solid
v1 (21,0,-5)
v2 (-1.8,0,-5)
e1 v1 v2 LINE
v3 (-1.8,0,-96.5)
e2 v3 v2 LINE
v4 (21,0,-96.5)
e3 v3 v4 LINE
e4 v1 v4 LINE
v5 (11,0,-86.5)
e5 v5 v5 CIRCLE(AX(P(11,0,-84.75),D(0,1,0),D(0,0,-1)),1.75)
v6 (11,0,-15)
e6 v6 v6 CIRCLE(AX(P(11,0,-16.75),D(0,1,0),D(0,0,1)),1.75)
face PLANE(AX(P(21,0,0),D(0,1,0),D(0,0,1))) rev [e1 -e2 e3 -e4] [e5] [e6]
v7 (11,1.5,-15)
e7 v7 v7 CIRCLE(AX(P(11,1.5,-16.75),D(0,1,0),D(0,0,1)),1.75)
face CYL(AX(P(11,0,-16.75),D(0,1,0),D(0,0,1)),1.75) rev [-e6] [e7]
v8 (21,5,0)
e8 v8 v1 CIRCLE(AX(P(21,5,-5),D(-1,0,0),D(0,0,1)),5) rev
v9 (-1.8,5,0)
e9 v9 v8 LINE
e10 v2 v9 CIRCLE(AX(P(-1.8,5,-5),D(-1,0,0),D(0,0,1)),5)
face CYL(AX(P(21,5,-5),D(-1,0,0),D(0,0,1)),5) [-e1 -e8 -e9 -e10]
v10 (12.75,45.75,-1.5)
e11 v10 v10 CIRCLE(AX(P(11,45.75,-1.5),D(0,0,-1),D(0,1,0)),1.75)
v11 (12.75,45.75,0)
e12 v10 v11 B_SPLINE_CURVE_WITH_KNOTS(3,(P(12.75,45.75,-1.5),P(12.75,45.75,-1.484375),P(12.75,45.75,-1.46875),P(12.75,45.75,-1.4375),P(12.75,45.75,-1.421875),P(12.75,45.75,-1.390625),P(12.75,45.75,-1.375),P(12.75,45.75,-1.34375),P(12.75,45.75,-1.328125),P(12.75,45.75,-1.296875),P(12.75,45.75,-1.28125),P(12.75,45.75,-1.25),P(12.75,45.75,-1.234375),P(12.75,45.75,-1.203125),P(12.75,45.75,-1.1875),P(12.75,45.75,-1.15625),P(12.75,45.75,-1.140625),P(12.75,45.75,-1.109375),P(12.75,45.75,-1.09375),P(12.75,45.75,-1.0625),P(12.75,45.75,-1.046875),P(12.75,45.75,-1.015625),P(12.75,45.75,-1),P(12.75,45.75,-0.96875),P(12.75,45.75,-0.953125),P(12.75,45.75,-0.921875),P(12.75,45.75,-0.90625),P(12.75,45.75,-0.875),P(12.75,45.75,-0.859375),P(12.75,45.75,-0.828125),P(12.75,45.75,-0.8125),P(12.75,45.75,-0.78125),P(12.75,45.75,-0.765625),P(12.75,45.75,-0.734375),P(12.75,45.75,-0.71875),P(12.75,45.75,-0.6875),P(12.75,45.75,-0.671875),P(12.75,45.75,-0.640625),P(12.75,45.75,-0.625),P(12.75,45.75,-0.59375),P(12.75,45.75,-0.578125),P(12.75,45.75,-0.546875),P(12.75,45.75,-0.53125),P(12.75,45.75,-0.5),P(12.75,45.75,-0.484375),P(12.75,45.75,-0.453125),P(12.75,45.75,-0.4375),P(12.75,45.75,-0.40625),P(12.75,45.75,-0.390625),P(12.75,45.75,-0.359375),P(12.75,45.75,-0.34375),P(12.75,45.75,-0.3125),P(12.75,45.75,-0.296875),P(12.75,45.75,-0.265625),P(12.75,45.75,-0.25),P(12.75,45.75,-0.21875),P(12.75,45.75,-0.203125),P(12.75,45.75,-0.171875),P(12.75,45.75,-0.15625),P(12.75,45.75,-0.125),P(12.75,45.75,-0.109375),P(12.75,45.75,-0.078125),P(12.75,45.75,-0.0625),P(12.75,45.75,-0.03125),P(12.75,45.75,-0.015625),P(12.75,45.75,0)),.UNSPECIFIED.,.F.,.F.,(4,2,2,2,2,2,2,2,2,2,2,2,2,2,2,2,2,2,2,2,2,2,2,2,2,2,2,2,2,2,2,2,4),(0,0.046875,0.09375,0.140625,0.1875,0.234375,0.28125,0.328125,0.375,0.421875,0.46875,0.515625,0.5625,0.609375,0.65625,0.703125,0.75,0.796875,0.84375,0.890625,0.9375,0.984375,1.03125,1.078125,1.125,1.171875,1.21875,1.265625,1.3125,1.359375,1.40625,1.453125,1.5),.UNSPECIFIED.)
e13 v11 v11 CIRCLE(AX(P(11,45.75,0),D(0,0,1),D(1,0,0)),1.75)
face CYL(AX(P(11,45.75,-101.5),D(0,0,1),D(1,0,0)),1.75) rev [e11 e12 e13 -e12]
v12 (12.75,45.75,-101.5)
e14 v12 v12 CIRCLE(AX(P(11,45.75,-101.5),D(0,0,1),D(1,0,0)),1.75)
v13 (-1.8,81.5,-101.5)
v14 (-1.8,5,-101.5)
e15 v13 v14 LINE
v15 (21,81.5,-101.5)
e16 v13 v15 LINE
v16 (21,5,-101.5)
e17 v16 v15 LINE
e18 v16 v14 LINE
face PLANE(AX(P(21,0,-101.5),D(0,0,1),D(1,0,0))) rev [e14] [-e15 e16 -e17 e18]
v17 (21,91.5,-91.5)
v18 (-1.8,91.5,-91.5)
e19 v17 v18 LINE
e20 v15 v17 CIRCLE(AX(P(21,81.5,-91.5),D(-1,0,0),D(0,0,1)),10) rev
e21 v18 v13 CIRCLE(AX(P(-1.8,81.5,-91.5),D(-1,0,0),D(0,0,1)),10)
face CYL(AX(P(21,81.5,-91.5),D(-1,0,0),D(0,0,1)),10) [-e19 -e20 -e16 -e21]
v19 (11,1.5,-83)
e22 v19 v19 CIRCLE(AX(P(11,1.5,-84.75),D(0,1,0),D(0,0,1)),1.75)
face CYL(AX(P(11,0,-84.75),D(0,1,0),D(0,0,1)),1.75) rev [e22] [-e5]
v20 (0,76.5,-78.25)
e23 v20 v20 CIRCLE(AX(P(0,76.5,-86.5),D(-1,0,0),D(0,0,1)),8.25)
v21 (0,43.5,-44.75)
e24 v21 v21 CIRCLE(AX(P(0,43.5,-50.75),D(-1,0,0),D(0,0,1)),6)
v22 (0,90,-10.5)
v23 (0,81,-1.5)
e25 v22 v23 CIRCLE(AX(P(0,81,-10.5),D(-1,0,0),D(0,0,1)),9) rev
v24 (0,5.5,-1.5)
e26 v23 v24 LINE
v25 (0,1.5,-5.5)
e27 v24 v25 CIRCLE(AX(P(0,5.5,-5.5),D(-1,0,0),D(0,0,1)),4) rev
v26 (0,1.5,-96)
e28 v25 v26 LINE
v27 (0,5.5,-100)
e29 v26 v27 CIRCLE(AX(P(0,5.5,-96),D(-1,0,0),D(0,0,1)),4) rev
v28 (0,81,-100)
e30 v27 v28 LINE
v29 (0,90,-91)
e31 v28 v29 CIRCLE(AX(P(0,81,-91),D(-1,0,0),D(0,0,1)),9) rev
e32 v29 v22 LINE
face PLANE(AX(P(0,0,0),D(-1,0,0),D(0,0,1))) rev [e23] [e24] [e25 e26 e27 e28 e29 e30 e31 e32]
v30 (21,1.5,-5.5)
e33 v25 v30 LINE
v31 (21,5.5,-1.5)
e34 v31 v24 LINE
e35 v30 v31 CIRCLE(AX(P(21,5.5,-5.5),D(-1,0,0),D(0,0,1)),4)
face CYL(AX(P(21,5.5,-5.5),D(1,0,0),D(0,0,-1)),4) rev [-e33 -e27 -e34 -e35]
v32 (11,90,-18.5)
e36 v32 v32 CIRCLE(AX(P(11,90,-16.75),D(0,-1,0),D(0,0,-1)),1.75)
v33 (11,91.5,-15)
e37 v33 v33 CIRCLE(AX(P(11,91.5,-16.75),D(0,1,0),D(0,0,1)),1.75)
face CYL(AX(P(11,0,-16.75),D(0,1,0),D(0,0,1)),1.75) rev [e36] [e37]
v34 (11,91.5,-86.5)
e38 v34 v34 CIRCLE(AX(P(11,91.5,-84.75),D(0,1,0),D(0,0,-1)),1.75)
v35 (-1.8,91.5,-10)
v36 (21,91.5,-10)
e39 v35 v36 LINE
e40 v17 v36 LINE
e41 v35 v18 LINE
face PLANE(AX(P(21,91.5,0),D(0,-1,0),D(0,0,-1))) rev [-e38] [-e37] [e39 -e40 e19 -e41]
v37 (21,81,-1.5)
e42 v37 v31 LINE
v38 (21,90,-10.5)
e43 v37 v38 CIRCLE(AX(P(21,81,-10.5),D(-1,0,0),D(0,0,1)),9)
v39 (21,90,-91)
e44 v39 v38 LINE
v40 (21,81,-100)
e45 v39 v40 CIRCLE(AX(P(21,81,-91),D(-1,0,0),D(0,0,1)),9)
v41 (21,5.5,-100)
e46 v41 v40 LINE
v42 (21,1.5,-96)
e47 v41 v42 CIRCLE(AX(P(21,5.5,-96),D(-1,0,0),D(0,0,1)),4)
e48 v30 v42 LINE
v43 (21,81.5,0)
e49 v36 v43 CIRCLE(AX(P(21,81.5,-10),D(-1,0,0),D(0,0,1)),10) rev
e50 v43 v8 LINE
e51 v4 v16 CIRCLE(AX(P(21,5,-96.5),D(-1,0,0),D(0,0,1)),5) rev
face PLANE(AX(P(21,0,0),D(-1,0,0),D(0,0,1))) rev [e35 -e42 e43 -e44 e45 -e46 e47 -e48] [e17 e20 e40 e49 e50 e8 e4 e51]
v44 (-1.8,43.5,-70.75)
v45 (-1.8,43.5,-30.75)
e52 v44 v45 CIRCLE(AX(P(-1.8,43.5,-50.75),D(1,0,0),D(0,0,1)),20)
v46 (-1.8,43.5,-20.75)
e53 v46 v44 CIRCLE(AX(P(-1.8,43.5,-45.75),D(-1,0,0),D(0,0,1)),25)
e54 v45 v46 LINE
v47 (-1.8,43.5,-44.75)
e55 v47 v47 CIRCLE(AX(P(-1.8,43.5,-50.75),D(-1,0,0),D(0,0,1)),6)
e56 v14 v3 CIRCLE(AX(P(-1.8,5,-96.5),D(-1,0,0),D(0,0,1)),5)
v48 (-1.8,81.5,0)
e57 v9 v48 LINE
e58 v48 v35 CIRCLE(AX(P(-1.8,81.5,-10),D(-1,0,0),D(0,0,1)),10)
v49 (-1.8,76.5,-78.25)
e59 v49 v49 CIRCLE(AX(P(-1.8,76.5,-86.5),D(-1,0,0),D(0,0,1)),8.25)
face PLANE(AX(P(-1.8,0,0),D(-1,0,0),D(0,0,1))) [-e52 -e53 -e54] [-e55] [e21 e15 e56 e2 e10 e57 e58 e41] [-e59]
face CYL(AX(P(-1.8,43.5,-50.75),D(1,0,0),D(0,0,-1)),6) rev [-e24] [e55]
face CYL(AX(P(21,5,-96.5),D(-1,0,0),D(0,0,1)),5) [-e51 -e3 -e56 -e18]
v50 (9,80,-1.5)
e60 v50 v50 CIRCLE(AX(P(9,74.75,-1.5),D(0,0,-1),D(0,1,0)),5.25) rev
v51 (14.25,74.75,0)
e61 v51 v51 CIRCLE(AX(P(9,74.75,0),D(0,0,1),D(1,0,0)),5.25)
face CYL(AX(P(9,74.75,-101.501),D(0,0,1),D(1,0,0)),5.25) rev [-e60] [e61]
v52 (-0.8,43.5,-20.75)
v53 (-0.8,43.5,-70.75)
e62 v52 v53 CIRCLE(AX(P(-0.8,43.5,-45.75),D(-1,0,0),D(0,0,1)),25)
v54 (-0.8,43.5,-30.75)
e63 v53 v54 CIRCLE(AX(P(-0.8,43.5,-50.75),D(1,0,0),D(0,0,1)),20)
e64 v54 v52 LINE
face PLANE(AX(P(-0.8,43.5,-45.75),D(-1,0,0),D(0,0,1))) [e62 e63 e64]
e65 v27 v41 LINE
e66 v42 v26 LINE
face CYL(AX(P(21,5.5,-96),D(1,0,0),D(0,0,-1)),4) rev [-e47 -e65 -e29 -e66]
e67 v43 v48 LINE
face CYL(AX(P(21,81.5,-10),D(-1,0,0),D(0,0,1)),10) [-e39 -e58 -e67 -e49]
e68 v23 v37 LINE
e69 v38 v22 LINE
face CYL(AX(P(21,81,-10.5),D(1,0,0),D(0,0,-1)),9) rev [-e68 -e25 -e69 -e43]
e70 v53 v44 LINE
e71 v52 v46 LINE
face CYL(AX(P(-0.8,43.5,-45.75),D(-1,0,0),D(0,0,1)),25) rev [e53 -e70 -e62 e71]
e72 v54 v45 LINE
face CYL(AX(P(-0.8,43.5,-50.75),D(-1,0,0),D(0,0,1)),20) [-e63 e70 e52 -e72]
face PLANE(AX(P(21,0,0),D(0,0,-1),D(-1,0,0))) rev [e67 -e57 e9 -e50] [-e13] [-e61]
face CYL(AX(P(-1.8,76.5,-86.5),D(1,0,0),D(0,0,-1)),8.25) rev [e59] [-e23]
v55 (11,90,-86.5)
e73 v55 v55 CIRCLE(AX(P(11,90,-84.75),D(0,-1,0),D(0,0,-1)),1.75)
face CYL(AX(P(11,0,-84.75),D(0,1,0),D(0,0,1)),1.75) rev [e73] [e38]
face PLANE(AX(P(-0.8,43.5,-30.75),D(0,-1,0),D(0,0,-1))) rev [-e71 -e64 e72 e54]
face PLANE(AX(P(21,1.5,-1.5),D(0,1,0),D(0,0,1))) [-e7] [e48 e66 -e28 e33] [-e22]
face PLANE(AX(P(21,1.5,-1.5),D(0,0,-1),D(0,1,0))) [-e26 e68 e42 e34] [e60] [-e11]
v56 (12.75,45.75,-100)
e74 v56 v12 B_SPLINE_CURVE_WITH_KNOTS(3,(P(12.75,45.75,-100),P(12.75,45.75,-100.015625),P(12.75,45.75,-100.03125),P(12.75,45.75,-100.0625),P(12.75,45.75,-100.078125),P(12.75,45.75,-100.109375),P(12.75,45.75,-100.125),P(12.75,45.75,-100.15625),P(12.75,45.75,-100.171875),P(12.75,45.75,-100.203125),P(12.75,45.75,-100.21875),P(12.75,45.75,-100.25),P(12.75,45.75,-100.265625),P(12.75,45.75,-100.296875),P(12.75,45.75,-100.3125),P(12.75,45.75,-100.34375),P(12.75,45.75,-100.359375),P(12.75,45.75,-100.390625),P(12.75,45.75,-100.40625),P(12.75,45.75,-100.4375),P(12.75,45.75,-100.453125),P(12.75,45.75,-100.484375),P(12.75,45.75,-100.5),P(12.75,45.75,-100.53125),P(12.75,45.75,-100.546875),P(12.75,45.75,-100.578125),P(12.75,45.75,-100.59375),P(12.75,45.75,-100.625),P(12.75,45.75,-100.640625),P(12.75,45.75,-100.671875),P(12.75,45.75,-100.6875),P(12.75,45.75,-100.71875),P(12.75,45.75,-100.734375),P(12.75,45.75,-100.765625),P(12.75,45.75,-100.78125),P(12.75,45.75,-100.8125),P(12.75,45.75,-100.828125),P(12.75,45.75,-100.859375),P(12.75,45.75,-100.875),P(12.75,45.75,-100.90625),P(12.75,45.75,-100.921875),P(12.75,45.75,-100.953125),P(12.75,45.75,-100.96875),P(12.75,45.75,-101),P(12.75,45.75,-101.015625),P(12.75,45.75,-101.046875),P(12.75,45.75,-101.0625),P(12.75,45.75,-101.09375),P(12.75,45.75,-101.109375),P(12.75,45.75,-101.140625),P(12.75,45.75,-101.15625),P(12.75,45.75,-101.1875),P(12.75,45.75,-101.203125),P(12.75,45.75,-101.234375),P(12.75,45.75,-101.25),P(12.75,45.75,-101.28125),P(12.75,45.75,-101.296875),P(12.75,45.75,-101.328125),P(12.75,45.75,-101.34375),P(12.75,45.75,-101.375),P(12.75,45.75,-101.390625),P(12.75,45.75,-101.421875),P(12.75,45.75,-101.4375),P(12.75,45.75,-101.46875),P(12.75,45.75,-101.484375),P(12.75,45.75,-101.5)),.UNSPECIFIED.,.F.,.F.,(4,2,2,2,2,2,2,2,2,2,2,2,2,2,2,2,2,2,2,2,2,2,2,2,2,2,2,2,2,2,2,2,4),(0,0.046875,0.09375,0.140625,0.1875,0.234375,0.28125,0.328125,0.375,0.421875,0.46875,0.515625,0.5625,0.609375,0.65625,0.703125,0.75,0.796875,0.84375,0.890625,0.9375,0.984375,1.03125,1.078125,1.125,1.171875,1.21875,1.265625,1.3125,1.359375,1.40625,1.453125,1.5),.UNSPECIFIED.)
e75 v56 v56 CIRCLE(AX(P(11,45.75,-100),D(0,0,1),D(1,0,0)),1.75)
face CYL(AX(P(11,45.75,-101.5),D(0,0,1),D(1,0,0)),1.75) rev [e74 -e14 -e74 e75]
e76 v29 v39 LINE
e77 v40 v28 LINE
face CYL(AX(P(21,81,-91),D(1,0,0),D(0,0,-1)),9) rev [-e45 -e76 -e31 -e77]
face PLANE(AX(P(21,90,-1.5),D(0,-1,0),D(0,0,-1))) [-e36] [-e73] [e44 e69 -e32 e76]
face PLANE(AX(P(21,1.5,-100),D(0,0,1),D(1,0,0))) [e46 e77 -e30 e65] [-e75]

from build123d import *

# Parameters (mm, degrees)
SKETCH_1_W          = 101.5
SKETCH_1_H          = 91.5
SKETCH_1_W_2        = 98.5
SKETCH_1_H_2        = 88.5
EXTRUDE_1_DEPTH     = 21
SKETCH_2_W          = 101.5
SKETCH_2_H          = 91.5
SKETCH_2_R          = 8.25
SKETCH_2_R_2        = 6
EXTRUDE_2_DEPTH     = 1.8
SKETCH_3_R          = 1.75
CUT_EXTRUDE_1_DEPTH = 139.25881527
SKETCH_4_R          = 1.75
CUT_EXTRUDE_2_DEPTH = 139.25881527
FILLET_1_R          = 9
FILLET_2_R          = 10
FILLET_3_R          = 4
FILLET_4_R          = 5
CUT_EXTRUDE_3_DEPTH = 1
CUT_EXTRUDE_4_REACH = 140.259
SKETCH_6_R          = 5.25


with BuildPart() as part:
    # 草图1 → 凸台-拉伸1 (new body)
    with BuildSketch(Plane(origin=(0, 0, 0), x_dir=(0, 0, -1), z_dir=(1, 0, 0))):
        with Locations((50.75, 45.75)):
            Rectangle(SKETCH_1_W, SKETCH_1_H)
        with Locations((50.75, 45.75)):
            Rectangle(SKETCH_1_W_2, SKETCH_1_H_2, mode=Mode.SUBTRACT)
    extrude(amount=EXTRUDE_1_DEPTH)

    # 草图2 → 凸台-拉伸2 (add)
    with BuildSketch(Plane.ZY):
        with Locations((-50.75, 45.75)):
            Rectangle(SKETCH_2_W, SKETCH_2_H)
        with Locations((-86.5, 76.5)):
            Circle(SKETCH_2_R, mode=Mode.SUBTRACT)
        with Locations((-50.75, 43.5)):
            Circle(SKETCH_2_R_2, mode=Mode.SUBTRACT)
    extrude(amount=EXTRUDE_2_DEPTH)

    # 草图3 → 切除-拉伸1 (cut, through all)
    with BuildSketch(Plane.XY):
        with Locations((11, 45.75)):
            Circle(SKETCH_3_R)
    extrude(amount=-CUT_EXTRUDE_1_DEPTH, mode=Mode.SUBTRACT)

    # 草图4 → 切除-拉伸2 (cut, through all)
    with BuildSketch(Plane(origin=(0, 91.5, 0), x_dir=(1, 0, 0), z_dir=(0, 1, 0))):
        with Locations(Location((11, 16.75, 0), (0, 0, 270))):
            Circle(SKETCH_4_R)
        with Locations(Location((11, 84.75, 0), (0, 0, 90))):
            Circle(SKETCH_4_R)
    extrude(amount=-CUT_EXTRUDE_2_DEPTH, mode=Mode.SUBTRACT)

    # 圆角1
    fillet_1_edges = [part.edges().sort_by_distance(p)[0] for p in [
        (10.5, 90, -100),
        (10.5, 90, -1.5),
    ]]
    fillet(fillet_1_edges, radius=FILLET_1_R)

    # 圆角2
    fillet_2_edges = [part.edges().sort_by_distance(p)[0] for p in [
        (9.6, 91.5, 0),
        (9.6, 91.5, -101.5),
    ]]
    fillet(fillet_2_edges, radius=FILLET_2_R)

    # 圆角3
    fillet_3_edges = [part.edges().sort_by_distance(p)[0] for p in [
        (10.5, 1.5, -1.5),
        (10.5, 1.5, -100),
    ]]
    fillet(fillet_3_edges, radius=FILLET_3_R)

    # 圆角4
    fillet_4_edges = [part.edges().sort_by_distance(p)[0] for p in [
        (9.6, 0, -101.5),
        (9.6, 0, 0),
    ]]
    fillet(fillet_4_edges, radius=FILLET_4_R)

    # 草图5 → 切除-拉伸3 (cut)
    with BuildSketch(Plane.ZY.offset(1.8)):
        with BuildLine():
            Line((-30.75, 43.5), (-20.75, 43.5))
            ThreePointArc((-20.75, 43.5), (-45.75, 68.5), (-70.75, 43.5))
            ThreePointArc((-70.75, 43.5), (-50.75, 63.5), (-30.75, 43.5))
        make_face()
    extrude(amount=-CUT_EXTRUDE_3_DEPTH, mode=Mode.SUBTRACT)

    # 草图6 → 切除-拉伸4 (cut, up to next)
    with BuildSketch(Plane.XY, mode=Mode.PRIVATE) as cut_extrude_4_sk1:
        with Locations((9, 74.75)):
            Circle(SKETCH_6_R)
    cut_extrude_4_tool1 = extrude(cut_extrude_4_sk1.sketch, amount=-CUT_EXTRUDE_4_REACH, mode=Mode.PRIVATE) & part.part
    add(cut_extrude_4_tool1.solids().sort_by_distance((9, 74.75, 0))[0], mode=Mode.SUBTRACT)


solid = part.part
